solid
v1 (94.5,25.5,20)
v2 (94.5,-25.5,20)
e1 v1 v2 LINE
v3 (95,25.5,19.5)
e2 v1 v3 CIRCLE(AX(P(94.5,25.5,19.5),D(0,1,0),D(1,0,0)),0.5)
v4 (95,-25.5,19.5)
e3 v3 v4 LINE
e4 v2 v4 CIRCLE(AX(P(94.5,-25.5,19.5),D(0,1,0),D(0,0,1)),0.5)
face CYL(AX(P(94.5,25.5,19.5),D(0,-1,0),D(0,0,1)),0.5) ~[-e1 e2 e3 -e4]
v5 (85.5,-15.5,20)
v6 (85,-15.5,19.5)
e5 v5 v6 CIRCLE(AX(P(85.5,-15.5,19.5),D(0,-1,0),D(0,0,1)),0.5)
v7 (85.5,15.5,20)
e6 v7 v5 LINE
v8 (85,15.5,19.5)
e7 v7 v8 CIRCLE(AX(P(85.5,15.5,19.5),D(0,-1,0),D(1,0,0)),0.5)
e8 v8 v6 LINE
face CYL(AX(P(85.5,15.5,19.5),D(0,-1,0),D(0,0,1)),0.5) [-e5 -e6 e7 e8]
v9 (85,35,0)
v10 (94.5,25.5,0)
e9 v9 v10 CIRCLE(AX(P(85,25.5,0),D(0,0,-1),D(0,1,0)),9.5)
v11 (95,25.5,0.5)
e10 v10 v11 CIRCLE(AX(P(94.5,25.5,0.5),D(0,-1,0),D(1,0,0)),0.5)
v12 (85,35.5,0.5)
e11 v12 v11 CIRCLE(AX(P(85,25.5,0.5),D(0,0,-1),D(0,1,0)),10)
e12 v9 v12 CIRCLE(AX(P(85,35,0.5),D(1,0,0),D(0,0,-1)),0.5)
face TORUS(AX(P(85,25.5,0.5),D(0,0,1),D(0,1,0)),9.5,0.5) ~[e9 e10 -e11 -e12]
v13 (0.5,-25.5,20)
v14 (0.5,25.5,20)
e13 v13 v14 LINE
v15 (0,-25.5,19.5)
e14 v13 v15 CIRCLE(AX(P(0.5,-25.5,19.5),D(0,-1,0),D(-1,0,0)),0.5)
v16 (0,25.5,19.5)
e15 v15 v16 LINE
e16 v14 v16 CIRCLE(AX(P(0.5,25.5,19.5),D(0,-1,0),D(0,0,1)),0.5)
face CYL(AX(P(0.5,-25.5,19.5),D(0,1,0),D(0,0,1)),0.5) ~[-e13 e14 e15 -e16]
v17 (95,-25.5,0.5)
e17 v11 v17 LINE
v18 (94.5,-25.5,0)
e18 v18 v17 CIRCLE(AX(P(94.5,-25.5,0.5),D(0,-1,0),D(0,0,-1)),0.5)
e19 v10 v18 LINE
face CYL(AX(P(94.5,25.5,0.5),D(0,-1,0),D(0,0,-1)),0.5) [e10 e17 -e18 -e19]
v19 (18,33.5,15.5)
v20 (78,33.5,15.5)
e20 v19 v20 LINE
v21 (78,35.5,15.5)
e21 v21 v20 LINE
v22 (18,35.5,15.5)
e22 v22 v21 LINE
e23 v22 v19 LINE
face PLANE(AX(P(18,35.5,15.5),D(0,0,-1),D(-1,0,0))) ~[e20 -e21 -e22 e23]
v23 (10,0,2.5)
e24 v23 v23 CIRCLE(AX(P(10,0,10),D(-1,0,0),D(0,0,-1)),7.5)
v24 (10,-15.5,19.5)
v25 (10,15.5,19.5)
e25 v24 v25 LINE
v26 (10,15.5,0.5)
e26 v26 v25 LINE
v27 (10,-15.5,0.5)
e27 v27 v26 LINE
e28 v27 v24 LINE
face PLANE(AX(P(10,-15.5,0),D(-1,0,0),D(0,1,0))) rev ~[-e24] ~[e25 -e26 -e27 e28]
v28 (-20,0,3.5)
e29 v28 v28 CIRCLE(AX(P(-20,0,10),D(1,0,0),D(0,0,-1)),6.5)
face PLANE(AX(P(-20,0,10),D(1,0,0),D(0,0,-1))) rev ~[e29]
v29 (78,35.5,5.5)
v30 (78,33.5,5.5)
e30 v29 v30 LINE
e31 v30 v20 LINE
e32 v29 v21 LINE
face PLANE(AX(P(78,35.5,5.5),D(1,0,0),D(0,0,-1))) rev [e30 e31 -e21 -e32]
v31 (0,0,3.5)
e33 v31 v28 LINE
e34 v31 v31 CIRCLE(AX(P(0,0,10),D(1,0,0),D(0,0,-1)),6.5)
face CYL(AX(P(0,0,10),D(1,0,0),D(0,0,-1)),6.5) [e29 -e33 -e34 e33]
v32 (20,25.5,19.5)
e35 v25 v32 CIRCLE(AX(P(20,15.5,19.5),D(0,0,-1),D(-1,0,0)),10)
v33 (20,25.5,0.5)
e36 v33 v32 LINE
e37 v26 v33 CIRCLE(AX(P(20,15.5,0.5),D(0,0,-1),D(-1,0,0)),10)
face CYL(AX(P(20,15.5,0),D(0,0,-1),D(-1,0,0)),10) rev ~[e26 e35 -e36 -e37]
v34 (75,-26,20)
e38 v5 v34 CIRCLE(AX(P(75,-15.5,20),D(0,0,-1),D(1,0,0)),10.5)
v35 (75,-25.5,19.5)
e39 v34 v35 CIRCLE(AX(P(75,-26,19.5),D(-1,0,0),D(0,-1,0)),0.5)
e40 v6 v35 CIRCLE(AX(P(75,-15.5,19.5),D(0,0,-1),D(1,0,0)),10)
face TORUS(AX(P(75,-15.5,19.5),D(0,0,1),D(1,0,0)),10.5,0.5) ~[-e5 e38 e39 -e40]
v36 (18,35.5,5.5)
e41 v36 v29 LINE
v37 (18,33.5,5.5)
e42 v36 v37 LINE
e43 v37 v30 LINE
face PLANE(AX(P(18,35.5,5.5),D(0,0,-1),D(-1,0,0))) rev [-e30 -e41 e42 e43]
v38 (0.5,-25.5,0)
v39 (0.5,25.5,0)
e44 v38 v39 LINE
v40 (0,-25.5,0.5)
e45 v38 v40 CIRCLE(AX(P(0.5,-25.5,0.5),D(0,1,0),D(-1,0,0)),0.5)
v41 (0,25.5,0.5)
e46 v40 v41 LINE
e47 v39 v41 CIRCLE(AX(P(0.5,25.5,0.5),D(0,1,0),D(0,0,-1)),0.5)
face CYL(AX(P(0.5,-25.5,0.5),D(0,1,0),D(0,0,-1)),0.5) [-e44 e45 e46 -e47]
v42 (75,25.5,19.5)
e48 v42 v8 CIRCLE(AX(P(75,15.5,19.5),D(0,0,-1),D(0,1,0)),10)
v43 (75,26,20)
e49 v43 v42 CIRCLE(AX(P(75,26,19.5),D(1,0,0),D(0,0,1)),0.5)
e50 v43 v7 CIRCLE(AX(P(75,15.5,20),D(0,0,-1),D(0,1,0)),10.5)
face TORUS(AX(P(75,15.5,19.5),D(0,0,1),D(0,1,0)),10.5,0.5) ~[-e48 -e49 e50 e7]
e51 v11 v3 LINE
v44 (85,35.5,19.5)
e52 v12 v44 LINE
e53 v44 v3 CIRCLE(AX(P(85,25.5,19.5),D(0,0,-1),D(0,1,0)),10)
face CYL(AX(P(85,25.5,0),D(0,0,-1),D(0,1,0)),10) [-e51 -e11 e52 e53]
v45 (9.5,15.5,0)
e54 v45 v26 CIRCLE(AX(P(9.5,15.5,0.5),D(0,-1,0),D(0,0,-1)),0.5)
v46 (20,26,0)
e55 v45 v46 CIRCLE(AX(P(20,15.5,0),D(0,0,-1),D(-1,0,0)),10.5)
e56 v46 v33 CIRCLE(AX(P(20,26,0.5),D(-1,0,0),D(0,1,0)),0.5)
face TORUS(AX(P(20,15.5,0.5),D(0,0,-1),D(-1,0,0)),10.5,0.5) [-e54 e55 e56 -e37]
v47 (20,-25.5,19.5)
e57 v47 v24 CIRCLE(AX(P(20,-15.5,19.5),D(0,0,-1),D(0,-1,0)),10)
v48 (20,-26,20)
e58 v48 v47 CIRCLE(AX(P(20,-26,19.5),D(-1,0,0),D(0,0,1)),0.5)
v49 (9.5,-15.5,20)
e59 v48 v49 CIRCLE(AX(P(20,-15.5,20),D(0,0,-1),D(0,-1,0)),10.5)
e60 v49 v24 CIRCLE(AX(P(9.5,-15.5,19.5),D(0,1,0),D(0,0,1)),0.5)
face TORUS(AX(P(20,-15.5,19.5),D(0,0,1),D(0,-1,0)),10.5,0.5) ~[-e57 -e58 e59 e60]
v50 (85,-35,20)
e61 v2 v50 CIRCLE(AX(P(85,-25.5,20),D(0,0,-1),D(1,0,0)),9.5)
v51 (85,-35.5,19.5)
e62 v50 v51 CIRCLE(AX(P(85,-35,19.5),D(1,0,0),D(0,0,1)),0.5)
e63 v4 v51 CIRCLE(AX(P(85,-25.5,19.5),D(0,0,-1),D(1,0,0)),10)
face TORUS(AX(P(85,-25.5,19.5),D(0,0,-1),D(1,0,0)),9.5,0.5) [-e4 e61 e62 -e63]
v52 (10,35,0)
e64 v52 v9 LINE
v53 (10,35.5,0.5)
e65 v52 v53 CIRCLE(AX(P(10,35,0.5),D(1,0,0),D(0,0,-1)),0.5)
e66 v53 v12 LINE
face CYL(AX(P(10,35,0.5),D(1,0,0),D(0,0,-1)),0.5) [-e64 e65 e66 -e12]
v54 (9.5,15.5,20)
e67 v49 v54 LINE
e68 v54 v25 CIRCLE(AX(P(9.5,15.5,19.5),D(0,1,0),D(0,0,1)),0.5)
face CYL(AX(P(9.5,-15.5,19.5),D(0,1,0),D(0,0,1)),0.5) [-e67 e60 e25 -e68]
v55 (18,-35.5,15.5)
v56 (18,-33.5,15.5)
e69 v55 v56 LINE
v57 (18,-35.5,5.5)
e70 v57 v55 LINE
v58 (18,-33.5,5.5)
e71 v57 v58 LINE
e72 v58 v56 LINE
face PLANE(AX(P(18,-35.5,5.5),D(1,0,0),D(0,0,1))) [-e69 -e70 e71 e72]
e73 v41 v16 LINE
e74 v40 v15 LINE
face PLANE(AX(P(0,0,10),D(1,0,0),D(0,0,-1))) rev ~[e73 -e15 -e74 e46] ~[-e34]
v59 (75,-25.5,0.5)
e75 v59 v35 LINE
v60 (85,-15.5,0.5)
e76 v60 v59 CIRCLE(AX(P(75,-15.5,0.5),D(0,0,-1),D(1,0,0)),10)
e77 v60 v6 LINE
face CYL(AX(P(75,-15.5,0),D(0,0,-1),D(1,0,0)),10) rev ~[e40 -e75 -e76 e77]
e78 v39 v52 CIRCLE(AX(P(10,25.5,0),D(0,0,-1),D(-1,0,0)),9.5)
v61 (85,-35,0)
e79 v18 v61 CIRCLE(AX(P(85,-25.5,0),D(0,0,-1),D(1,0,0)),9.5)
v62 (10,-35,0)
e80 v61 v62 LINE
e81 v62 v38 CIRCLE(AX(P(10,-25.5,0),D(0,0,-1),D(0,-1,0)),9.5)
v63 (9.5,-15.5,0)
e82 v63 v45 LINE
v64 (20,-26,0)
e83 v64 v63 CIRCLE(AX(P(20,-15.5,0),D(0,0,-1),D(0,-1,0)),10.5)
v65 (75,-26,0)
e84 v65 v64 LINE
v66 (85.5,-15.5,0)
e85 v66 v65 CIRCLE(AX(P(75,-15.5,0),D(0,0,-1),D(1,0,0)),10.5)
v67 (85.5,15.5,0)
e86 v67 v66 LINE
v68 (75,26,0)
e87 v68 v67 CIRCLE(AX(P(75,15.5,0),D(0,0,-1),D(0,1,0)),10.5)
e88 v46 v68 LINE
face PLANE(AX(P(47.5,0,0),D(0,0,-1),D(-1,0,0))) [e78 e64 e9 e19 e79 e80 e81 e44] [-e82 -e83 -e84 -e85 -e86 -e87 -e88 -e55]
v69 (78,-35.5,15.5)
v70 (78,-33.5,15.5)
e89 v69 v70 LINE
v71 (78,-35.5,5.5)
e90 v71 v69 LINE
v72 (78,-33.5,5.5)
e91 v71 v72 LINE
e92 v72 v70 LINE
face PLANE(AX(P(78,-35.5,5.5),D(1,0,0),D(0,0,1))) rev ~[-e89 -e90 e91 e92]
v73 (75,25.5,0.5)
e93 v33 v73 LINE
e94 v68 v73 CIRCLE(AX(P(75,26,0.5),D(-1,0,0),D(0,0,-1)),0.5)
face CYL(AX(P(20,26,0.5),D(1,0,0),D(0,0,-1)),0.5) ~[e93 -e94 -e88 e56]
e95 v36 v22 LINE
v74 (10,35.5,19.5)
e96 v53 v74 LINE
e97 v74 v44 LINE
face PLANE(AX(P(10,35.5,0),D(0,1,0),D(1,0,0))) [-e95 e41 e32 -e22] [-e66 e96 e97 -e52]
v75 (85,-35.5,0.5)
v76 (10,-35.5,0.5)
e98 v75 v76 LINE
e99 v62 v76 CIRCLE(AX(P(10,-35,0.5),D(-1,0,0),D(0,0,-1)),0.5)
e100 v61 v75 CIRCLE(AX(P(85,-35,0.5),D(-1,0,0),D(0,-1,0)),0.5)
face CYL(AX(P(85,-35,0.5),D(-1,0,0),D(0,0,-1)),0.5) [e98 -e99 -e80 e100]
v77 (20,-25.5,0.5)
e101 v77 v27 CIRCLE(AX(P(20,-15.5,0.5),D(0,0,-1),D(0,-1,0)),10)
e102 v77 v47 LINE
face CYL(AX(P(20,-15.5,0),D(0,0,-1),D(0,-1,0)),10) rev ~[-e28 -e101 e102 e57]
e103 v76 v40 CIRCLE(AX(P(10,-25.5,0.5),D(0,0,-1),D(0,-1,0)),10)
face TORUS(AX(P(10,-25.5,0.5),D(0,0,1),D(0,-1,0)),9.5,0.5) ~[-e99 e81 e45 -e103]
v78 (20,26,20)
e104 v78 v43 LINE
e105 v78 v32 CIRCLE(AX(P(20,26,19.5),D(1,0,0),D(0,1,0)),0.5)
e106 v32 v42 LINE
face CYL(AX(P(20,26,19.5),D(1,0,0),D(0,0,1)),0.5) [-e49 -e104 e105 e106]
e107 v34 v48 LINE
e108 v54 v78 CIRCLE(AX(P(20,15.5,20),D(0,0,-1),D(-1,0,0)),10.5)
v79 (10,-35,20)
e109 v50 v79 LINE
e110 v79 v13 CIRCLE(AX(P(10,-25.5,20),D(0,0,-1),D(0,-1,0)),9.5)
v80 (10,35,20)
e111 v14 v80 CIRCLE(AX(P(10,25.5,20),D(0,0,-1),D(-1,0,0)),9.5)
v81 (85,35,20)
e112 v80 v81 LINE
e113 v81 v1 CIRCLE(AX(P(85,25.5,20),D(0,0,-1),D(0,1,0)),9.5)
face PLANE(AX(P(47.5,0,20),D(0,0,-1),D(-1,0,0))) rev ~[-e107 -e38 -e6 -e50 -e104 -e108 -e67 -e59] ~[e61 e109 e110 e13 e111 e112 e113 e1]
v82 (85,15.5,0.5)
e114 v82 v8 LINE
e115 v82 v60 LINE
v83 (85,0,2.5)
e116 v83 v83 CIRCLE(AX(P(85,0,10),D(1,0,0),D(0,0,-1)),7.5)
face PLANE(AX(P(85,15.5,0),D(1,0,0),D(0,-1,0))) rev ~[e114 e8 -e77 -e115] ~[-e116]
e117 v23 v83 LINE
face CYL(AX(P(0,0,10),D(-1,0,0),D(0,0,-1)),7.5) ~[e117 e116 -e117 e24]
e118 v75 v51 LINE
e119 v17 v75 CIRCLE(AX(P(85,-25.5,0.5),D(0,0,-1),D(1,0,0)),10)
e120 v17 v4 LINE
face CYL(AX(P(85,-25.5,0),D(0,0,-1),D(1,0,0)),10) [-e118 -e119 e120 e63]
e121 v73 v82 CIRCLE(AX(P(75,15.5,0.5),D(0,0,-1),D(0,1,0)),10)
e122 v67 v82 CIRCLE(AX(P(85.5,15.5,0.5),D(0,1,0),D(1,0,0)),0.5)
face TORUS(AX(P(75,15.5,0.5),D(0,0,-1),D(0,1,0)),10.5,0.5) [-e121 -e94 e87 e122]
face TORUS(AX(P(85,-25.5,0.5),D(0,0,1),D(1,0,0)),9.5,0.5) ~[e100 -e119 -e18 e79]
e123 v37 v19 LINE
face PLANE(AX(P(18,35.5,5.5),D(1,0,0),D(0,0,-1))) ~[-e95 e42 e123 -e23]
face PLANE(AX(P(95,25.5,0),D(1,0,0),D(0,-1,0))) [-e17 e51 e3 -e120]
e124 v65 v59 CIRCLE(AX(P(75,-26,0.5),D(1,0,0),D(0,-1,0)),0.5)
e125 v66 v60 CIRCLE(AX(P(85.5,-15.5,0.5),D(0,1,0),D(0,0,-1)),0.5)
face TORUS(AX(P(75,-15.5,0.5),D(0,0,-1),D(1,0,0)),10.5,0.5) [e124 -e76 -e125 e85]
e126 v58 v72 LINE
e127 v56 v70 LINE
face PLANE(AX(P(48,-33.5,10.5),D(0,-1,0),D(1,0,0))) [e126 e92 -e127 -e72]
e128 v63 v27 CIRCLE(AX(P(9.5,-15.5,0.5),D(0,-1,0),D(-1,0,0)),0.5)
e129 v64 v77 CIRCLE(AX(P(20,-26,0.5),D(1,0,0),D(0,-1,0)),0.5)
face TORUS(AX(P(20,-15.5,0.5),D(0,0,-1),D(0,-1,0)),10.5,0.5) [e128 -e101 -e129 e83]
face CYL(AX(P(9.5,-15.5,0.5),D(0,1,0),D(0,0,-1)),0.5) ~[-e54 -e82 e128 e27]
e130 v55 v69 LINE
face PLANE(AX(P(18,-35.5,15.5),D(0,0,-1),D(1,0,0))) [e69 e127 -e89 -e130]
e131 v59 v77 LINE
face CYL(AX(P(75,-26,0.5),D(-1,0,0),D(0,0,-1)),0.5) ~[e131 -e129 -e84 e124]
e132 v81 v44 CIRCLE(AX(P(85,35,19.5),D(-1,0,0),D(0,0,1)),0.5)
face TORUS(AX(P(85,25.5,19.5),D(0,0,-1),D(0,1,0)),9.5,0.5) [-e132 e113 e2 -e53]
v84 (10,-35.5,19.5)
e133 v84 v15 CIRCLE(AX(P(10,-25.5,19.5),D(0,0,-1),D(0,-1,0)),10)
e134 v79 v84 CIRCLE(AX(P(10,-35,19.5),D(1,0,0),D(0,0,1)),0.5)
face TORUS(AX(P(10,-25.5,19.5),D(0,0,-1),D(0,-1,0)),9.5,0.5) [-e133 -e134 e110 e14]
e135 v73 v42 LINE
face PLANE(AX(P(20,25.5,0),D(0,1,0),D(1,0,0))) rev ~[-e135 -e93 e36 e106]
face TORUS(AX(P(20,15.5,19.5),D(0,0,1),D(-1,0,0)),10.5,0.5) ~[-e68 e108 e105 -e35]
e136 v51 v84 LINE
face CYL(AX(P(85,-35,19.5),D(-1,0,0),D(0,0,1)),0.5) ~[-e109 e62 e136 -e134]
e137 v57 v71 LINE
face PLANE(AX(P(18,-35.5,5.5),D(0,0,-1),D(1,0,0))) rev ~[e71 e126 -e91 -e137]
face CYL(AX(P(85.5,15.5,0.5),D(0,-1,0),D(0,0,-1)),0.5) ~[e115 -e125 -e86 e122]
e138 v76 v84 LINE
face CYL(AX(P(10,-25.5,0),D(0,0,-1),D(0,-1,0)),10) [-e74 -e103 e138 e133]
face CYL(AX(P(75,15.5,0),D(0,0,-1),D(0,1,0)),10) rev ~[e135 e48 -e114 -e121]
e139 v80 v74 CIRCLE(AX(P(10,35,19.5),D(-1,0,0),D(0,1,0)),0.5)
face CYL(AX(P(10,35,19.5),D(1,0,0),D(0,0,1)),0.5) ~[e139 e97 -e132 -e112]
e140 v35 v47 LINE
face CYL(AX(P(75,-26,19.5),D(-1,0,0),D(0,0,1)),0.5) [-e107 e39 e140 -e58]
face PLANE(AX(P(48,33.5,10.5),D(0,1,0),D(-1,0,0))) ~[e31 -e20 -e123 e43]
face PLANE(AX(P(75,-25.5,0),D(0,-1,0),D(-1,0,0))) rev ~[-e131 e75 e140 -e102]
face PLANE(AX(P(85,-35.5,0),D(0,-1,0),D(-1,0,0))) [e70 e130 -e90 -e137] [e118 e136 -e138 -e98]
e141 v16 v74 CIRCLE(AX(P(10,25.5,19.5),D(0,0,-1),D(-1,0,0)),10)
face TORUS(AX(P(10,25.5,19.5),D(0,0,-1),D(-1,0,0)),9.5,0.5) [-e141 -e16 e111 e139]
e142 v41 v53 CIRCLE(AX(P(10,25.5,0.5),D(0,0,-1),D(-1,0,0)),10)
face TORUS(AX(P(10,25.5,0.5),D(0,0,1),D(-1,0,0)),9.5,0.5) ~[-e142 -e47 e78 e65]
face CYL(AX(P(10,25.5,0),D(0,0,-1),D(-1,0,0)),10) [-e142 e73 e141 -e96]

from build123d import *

# Parameters (mm, degrees)
BOSS_EXTRUDE1_DEPTH = 20
SKETCH2_R           = 7.5
BOSS_EXTRUDE2_DEPTH = 85
SKETCH4_R           = 6.5
BOSS_EXTRUDE3_DEPTH = 20
SKETCH5_W           = 60
SKETCH5_H           = 10
CUT_EXTRUDE1_DEPTH  = 2
FILLET1_R           = 0.5
FILLET2_R           = 0.5


with BuildPart() as part:
    # Sketch1 → Boss-Extrude1 (new body)
    with BuildSketch(Plane.XY):
        with BuildLine():
            Line((0, 0), (0, 25.5))
            ThreePointArc((0, 25.5), (2.928932188, 32.571067812), (10, 35.5))
            Line((10, 35.5), (85, 35.5))
            ThreePointArc((85, 35.5), (92.071067812, 32.571067812), (95, 25.5))
            Line((95, 25.5), (95, -25.5))
            ThreePointArc((95, -25.5), (92.071067812, -32.571067812), (85, -35.5))
            Line((85, -35.5), (10, -35.5))
            ThreePointArc((10, -35.5), (2.928932188, -32.571067812), (0, -25.5))
            Line((0, -25.5), (0, 0))
        make_face()
        with BuildLine():
            Line((10, 0), (10, 15.5))
            ThreePointArc((10, 15.5), (12.928932188, 22.571067812), (20, 25.5))
            Line((20, 25.5), (75, 25.5))
            ThreePointArc((75, 25.5), (82.071067812, 22.571067812), (85, 15.5))
            Line((85, 15.5), (85, 0))
            Line((85, 0), (85, -15.5))
            ThreePointArc((85, -15.5), (82.071067812, -22.571067812), (75, -25.5))
            Line((75, -25.5), (20, -25.5))
            ThreePointArc((20, -25.5), (12.928932188, -22.571067812), (10, -15.5))
            Line((10, -15.5), (10, 0))
        make_face(mode=Mode.SUBTRACT)
    extrude(amount=BOSS_EXTRUDE1_DEPTH)

    # Sketch2 → Boss-Extrude2 (add)
    with BuildSketch(Plane(origin=(0, 0, 0), x_dir=(0, 0, -1), z_dir=(1, 0, 0))):
        with Locations((-10, 0)):
            Circle(SKETCH2_R)
    extrude(amount=BOSS_EXTRUDE2_DEPTH)

    # Sketch4 → Boss-Extrude3 (add)
    with BuildSketch(Plane(origin=(0, 0, 0), x_dir=(0, 0, -1), z_dir=(1, 0, 0))):
        with Locations((-10, 0)):
            Circle(SKETCH4_R)
    extrude(amount=-BOSS_EXTRUDE3_DEPTH)

    # Sketch5 → Cut-Extrude1 (cut)
    with BuildSketch(Plane.XZ.offset(35.5)):
        with Locations((48, 10.5)):
            Rectangle(SKETCH5_W, SKETCH5_H)
    cut_extrude1 = extrude(amount=-CUT_EXTRUDE1_DEPTH, mode=Mode.SUBTRACT)

    # Mirror1: Cut-Extrude1 across plane
    add(cut_extrude1.mirror(Plane.ZX), mode=Mode.SUBTRACT)

    # Fillet1
    fillet1_edges = [part.edges().sort_by_distance(p)[0] for p in [
        (47.5, 35.5, 0),
        (92.071067812, 32.571067812, 0),
        (95, 0, 0),
        (92.071067812, -32.571067812, 0),
        (47.5, -35.5, 0),
        (2.928932188, -32.571067812, 0),
        (47.5, -35.5, 20),
        (92.071067812, -32.571067812, 20),
        (95, 0, 20),
        (92.071067812, 32.571067812, 20),
        (47.5, 35.5, 20),
        (2.928932188, 32.571067812, 20),
        (0, 0, 20),
        (2.928932188, -32.571067812, 20),
        (0, 0, 0),
        (2.928932188, 32.571067812, 0),
    ]]
    fillet(fillet1_edges, radius=FILLET1_R)

    # Fillet2
    fillet2_edges = [part.edges().sort_by_distance(p)[0] for p in [
        (12.928932188, -22.571067812, 0),
        (47.5, -25.5, 0),
        (82.071067812, -22.571067812, 0),
        (85, 0, 0),
        (82.071067812, 22.571067812, 0),
        (47.5, 25.5, 0),
        (12.928932188, 22.571067812, 0),
        (10, 0, 0),
        (10, 0, 20),
        (12.928932188, -22.571067812, 20),
        (47.5, -25.5, 20),
        (82.071067812, -22.571067812, 20),
        (85, 0, 20),
        (82.071067812, 22.571067812, 20),
        (47.5, 25.5, 20),
        (12.928932188, 22.571067812, 20),
    ]]
    fillet(fillet2_edges, radius=FILLET2_R)


solid = part.part
